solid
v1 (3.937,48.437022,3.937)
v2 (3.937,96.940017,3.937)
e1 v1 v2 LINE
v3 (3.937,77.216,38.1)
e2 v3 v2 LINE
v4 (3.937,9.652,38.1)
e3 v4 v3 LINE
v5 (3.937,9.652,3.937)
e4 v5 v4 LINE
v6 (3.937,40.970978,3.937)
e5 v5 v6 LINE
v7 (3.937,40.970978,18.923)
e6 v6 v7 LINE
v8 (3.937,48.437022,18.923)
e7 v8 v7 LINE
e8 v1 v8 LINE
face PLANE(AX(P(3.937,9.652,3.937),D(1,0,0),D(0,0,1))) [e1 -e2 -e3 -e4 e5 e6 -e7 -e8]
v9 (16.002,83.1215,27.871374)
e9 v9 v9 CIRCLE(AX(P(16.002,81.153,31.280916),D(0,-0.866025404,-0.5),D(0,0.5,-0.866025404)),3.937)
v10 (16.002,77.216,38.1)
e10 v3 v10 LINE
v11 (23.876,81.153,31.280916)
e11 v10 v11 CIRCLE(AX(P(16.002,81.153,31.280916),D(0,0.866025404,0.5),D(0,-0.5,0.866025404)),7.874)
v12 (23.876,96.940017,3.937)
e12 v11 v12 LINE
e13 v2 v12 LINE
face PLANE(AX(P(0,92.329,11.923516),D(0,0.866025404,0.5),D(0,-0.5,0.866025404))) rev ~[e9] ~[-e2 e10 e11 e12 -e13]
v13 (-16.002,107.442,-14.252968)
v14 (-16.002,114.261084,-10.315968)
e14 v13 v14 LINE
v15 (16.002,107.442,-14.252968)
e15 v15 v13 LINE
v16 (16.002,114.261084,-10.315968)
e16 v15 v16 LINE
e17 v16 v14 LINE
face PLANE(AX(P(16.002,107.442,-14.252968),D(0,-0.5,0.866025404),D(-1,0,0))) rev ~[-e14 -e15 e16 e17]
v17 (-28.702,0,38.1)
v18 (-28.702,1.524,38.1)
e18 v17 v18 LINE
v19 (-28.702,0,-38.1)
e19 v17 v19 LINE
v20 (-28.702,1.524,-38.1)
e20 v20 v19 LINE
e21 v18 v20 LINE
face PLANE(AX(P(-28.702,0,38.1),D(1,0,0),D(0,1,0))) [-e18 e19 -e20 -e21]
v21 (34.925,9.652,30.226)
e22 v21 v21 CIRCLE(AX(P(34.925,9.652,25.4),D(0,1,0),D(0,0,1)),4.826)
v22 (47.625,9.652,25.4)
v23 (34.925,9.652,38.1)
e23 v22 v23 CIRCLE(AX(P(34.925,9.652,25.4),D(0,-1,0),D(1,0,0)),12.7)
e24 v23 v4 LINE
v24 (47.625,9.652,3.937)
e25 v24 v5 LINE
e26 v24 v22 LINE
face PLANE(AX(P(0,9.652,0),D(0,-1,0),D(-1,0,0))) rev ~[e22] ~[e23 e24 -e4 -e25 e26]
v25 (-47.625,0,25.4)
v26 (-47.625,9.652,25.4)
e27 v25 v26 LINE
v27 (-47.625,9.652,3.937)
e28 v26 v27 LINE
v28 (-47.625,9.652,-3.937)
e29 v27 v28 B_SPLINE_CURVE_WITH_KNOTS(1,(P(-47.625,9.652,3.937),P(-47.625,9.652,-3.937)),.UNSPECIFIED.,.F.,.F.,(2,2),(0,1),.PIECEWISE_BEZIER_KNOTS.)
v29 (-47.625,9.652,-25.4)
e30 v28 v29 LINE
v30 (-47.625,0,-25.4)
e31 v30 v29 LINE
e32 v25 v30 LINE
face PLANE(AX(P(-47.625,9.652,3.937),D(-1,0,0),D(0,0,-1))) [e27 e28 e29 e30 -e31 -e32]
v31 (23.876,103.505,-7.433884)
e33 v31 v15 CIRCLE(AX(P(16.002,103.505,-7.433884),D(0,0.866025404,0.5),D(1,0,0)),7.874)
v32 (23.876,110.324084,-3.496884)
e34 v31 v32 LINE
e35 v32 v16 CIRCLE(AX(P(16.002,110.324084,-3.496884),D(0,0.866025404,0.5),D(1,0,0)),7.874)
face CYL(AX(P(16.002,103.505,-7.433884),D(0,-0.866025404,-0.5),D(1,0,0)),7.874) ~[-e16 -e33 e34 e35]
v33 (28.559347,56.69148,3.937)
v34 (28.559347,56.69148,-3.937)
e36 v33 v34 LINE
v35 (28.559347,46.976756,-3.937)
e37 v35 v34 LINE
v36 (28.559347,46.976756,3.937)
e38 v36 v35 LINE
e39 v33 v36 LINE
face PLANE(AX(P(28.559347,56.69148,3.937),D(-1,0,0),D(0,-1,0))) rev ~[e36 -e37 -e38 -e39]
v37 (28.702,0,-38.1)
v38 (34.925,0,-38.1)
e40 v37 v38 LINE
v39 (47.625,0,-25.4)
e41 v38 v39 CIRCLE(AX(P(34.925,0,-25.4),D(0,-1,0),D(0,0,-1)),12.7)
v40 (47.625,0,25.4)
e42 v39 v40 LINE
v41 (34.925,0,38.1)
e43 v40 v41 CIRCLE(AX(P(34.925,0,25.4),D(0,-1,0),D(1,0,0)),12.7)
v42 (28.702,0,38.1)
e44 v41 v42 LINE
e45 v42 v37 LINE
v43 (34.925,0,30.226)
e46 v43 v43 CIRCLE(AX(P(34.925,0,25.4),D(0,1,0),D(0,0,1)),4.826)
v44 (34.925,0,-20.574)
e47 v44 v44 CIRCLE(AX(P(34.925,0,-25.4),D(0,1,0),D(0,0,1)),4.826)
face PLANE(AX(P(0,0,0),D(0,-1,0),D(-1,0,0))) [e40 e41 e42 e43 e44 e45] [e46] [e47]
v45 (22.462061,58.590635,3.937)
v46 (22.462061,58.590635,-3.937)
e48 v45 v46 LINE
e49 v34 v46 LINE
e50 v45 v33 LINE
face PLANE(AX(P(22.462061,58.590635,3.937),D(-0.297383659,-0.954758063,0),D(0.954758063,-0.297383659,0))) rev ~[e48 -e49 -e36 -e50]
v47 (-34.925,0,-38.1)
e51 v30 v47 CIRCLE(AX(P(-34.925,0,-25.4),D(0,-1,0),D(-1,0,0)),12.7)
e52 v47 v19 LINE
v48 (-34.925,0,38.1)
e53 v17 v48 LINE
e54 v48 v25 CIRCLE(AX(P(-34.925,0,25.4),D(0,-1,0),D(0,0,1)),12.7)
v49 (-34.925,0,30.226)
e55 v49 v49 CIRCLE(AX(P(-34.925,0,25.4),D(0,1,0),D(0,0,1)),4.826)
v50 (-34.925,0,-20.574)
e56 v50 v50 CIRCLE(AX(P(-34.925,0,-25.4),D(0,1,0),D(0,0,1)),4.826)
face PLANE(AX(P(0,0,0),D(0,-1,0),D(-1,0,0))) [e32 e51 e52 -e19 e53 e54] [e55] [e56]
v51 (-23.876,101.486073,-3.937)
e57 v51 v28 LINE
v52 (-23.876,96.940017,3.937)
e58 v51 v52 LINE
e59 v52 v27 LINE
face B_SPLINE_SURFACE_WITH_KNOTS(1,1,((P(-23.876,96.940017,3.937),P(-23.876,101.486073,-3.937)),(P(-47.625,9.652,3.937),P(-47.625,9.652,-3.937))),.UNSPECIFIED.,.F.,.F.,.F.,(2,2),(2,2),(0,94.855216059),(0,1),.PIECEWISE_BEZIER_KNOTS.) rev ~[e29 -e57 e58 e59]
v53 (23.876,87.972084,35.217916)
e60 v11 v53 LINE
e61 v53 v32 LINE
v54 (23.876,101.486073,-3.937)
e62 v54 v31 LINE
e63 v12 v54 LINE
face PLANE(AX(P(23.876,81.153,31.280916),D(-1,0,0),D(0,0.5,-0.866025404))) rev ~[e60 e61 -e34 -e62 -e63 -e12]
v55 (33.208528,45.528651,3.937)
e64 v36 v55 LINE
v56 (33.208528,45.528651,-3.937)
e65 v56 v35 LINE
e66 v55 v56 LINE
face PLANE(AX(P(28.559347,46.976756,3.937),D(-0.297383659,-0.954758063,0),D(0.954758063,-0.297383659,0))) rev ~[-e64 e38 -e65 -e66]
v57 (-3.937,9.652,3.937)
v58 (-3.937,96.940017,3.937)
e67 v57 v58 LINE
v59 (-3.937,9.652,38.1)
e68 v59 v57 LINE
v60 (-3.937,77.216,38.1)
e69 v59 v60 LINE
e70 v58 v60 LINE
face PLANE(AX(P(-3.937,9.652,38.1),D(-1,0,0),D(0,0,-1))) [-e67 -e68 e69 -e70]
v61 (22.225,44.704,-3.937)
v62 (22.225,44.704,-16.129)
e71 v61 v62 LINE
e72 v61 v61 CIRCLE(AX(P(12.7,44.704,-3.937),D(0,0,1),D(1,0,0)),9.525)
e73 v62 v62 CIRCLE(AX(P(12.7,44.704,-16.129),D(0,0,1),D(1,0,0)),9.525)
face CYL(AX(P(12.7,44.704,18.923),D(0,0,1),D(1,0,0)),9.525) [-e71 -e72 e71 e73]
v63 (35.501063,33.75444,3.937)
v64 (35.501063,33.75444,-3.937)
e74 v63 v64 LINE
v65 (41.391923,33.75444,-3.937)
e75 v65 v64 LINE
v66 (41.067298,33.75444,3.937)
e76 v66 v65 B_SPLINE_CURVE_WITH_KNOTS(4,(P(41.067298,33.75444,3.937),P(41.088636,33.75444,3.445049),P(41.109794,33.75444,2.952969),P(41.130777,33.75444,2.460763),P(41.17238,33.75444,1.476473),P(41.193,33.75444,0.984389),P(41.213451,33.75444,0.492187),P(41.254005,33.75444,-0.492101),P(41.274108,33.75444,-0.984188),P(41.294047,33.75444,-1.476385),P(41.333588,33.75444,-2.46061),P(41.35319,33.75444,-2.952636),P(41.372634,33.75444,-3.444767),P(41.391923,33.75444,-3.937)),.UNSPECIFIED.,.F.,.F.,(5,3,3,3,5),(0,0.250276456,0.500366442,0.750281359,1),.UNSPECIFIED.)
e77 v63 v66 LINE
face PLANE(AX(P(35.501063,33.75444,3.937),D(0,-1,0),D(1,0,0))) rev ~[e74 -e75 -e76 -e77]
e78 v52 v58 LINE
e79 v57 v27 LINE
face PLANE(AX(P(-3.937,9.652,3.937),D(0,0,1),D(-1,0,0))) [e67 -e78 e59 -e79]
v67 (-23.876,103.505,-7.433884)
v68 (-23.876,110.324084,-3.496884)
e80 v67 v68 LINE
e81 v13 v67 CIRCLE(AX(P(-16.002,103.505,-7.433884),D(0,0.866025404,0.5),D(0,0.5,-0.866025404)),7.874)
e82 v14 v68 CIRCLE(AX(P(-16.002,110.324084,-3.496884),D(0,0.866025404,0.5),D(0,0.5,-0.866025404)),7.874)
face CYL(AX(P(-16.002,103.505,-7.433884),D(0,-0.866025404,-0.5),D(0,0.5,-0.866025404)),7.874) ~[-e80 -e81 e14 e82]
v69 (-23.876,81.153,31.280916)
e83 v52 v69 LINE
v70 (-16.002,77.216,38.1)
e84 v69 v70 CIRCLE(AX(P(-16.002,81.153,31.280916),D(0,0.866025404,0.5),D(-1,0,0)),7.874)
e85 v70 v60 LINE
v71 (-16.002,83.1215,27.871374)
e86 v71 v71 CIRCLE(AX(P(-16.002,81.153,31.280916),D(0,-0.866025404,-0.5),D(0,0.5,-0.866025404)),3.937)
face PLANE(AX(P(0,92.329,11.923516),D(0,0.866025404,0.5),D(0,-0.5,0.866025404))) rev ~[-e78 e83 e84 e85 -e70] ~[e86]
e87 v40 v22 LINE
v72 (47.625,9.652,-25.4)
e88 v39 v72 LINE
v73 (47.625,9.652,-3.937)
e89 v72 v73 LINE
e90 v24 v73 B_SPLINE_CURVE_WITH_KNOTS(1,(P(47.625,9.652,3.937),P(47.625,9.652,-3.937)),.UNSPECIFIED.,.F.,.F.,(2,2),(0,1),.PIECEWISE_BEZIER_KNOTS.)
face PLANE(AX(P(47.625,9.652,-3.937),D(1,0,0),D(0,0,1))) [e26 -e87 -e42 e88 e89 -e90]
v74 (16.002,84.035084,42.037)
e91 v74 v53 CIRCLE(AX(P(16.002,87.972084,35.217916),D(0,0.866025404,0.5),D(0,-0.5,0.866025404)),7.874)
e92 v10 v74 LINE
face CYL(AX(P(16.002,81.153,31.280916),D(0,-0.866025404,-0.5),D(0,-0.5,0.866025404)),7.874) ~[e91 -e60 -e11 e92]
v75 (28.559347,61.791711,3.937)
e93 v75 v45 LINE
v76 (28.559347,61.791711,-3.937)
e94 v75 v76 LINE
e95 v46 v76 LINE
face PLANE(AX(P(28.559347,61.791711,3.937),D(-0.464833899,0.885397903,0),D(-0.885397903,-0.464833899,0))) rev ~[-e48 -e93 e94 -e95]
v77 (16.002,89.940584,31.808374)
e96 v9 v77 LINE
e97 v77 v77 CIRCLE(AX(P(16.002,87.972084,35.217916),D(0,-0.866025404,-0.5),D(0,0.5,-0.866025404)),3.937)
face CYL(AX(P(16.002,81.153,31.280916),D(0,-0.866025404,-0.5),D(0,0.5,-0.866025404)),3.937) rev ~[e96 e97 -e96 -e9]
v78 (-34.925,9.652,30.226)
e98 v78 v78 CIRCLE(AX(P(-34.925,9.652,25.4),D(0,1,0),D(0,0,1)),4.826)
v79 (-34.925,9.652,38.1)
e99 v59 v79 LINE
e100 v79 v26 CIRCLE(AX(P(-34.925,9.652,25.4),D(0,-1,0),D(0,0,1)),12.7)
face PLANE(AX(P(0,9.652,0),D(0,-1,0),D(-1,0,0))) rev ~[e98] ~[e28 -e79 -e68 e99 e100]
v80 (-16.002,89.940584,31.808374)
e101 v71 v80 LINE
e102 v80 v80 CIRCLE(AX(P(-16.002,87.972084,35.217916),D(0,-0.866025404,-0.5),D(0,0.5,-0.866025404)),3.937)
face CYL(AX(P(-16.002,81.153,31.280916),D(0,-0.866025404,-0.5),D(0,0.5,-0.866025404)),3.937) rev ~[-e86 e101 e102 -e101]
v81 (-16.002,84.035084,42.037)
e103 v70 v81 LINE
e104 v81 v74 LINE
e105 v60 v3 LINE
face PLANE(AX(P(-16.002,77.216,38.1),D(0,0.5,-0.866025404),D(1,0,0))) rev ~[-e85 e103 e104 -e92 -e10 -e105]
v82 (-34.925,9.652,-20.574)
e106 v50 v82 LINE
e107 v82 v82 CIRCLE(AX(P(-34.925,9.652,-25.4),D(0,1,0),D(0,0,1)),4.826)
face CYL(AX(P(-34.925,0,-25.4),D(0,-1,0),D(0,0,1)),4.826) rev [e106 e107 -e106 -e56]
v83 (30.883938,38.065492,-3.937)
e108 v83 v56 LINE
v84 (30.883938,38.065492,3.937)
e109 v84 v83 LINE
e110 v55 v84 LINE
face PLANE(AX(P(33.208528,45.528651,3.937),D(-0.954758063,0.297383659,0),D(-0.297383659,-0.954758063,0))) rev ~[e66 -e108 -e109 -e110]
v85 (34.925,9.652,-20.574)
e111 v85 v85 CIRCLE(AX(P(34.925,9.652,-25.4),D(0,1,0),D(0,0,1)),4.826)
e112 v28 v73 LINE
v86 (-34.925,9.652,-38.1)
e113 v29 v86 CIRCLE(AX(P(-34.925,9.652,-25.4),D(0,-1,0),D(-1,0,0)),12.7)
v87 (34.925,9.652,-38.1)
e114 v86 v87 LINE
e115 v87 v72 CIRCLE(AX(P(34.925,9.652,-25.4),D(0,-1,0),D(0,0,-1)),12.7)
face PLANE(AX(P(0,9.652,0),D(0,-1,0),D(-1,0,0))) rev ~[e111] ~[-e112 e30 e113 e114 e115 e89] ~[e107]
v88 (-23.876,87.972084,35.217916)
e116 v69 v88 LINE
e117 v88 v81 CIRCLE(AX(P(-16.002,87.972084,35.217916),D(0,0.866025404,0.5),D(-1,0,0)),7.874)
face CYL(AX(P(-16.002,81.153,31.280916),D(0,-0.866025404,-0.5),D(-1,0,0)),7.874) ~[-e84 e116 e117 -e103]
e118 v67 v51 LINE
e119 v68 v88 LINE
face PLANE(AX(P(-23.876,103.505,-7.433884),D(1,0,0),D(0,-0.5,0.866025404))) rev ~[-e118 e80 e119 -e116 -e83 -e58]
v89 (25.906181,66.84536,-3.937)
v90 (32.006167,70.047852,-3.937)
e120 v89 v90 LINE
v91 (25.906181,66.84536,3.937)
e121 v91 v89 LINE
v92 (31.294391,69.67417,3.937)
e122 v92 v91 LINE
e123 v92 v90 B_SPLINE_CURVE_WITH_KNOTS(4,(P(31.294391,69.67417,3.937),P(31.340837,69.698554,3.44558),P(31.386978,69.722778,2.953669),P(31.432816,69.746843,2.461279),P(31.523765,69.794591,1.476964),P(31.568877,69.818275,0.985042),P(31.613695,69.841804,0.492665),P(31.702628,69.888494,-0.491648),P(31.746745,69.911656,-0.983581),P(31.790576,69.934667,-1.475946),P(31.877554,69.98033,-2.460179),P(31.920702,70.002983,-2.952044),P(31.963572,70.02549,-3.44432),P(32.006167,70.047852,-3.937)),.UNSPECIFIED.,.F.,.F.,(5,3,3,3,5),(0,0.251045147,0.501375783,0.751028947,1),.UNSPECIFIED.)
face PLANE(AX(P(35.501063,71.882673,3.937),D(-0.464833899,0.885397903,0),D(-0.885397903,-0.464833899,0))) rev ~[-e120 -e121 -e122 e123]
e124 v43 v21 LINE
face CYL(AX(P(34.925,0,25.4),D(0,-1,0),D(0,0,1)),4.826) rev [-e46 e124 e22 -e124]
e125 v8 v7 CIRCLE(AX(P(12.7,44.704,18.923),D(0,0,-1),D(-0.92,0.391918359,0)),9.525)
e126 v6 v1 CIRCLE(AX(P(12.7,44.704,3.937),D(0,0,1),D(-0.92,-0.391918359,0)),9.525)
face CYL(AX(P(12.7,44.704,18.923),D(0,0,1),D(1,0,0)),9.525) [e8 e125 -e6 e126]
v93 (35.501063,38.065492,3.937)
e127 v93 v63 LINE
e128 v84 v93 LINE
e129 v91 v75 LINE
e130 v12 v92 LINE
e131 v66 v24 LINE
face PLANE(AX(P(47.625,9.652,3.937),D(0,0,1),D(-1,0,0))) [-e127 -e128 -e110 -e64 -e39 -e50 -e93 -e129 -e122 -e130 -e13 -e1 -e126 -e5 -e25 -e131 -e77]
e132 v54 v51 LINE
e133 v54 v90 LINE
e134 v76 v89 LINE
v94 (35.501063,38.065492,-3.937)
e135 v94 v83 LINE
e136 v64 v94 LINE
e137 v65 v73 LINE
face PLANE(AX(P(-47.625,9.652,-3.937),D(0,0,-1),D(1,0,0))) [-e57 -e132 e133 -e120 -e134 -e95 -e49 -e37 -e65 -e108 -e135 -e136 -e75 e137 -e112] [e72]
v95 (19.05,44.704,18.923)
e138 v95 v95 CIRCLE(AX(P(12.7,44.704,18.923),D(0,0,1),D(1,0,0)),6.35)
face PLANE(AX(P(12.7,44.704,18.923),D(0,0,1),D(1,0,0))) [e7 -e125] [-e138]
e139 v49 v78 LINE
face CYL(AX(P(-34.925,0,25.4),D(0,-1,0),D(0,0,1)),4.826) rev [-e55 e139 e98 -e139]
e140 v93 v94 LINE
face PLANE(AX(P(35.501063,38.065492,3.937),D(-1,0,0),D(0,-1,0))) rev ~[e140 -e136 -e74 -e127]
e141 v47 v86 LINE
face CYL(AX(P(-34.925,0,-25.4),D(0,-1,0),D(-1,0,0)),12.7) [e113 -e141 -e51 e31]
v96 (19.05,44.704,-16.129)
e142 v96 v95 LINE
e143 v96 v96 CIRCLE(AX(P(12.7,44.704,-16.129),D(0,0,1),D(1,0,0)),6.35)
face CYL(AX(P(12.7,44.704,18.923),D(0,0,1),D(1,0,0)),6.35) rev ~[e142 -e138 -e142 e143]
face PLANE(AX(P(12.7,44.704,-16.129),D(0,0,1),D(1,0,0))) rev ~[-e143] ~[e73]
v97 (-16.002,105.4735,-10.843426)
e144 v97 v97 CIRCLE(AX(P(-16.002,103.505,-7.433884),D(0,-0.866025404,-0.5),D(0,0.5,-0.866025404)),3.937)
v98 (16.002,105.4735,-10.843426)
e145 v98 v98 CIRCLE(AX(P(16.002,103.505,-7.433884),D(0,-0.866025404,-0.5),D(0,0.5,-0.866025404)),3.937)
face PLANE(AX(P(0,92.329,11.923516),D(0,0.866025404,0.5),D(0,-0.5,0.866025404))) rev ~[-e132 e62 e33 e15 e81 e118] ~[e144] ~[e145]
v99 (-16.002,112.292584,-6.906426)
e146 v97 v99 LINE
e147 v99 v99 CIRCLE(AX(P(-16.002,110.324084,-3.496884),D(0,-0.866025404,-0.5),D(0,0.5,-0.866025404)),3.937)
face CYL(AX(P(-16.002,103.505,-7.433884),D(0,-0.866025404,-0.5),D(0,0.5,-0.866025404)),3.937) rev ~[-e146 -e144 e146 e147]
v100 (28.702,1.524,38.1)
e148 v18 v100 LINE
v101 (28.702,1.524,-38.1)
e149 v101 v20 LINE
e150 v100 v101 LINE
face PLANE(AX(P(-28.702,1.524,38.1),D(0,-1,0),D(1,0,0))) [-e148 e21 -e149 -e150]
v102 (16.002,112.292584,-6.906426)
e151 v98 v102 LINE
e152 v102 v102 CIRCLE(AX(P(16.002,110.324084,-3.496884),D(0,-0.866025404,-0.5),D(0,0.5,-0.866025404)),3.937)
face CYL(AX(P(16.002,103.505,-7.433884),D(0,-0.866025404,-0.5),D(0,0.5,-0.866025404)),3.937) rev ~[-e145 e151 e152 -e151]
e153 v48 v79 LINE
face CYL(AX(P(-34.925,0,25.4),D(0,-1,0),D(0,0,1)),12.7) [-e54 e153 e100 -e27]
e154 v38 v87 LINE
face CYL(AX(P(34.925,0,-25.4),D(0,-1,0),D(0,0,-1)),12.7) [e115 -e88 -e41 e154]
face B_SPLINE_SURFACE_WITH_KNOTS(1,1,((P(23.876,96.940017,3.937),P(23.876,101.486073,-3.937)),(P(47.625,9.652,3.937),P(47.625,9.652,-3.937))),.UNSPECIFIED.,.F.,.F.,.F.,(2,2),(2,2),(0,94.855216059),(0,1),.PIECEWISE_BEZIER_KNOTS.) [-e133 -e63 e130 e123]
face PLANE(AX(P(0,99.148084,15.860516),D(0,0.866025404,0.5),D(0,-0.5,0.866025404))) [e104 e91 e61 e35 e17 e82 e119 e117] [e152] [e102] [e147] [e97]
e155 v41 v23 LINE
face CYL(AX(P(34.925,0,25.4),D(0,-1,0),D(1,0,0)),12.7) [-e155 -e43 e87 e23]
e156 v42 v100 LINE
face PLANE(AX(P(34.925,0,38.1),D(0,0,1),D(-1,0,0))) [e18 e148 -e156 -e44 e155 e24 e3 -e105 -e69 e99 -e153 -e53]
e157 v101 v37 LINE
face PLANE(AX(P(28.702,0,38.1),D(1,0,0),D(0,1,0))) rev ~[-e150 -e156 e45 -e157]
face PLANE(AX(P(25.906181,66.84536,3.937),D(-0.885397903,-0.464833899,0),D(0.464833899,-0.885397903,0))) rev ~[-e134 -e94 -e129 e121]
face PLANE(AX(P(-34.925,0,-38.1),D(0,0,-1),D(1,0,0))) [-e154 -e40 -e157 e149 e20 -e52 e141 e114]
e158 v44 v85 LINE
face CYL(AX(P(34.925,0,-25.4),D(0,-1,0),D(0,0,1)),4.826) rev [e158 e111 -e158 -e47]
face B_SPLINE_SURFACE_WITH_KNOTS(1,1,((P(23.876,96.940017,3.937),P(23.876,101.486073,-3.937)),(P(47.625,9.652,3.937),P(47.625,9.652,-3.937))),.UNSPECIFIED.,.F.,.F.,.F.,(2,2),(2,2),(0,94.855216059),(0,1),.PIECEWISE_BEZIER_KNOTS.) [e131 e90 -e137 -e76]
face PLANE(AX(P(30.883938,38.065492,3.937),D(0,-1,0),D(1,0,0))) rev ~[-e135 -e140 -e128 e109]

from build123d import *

# Parameters (mm, degrees)
CROQUIS1_R              = 4.826
SALIENTE_EXTRUIR1_DEPTH = 9.652
CROQUIS2_W              = 57.404
CROQUIS2_H              = 1.524
CORTAR_EXTRUIR1_DEPTH   = 91.375559356
CROQUIS4_R              = 3.937
SALIENTE_EXTRUIR2_DEPTH = 7.874
SALIENTE_EXTRUIR3_REACH = 207.578
SALIENTE_EXTRUIR4_START = 14.986
CROQUIS8_R              = 9.525
CROQUIS8_R_2            = 6.35
SALIENTE_EXTRUIR4_DEPTH = 35.052
CROQUIS8_2_R            = 6.35
CORTAR_EXTRUIR2_DEPTH   = 131.731959853
CORTAR_EXTRUIR3_DEPTH   = 131.731959853


with BuildPart() as part:
    # Croquis1 → Saliente-Extruir1 (new body)
    with BuildSketch(Plane(origin=(0, 0, 0), x_dir=(1, 0, 0), z_dir=(0, 1, 0))):
        with BuildLine():
            Line((-34.925, 38.1), (34.925, 38.1))
            ThreePointArc((34.925, 38.1), (43.905256121, 34.380256121), (47.625, 25.4))
            Line((47.625, 25.4), (47.625, -25.4))
            ThreePointArc((47.625, -25.4), (43.905256121, -34.380256121), (34.925, -38.1))
            Line((34.925, -38.1), (-34.925, -38.1))
            ThreePointArc((-34.925, -38.1), (-43.905256121, -34.380256121), (-47.625, -25.4))
            Line((-47.625, -25.4), (-47.625, 25.4))
            ThreePointArc((-47.625, 25.4), (-43.905256121, 34.380256121), (-34.925, 38.1))
        make_face()
        with Locations((-34.925, 25.4)):
            Circle(CROQUIS1_R, mode=Mode.SUBTRACT)
        with Locations((34.925, 25.4)):
            Circle(CROQUIS1_R, mode=Mode.SUBTRACT)
        with Locations((-34.925, -25.4)):
            Circle(CROQUIS1_R, mode=Mode.SUBTRACT)
        with Locations((34.925, -25.4)):
            Circle(CROQUIS1_R, mode=Mode.SUBTRACT)
    extrude(amount=SALIENTE_EXTRUIR1_DEPTH)

    # Croquis2 → Cortar-Extruir1 (cut, through all)
    with BuildSketch(Plane.XY.offset(38.1)):
        with Locations((0, 0.762)):
            Rectangle(CROQUIS2_W, CROQUIS2_H)
    extrude(amount=-CORTAR_EXTRUIR1_DEPTH, mode=Mode.SUBTRACT)



with BuildPart() as body_2:
    # Croquis4 → Saliente-Extruir2 (new body)
    with BuildSketch(Plane(origin=(0, 74.409783942, 42.960508789), x_dir=(0, 0.5000000000000009, -0.866025403784438), z_dir=(0, -0.8660254037844382, -0.500000000000001))):
        with BuildLine():
            Line((58.190432116, -23.876), (13.486432116, -23.876))
            ThreePointArc((13.486432116, -23.876), (7.918673321, -21.569758795), (5.612432116, -16.002))
            Line((5.612432116, -16.002), (5.612432116, 16.002))
            ThreePointArc((5.612432116, 16.002), (7.918673321, 21.569758795), (13.486432116, 23.876))
            Line((13.486432116, 23.876), (58.190432116, 23.876))
            ThreePointArc((58.190432116, 23.876), (63.758190911, 21.569758795), (66.064432116, 16.002))
            Line((66.064432116, 16.002), (66.064432116, -16.002))
            ThreePointArc((66.064432116, -16.002), (63.758190911, -21.569758795), (58.190432116, -23.876))
        make_face()
        with Locations((58.190432116, -16.002)):
            Circle(CROQUIS4_R, mode=Mode.SUBTRACT)
        with Locations((13.486432116, 16.002)):
            Circle(CROQUIS4_R, mode=Mode.SUBTRACT)
        with Locations((13.486432116, -16.002)):
            Circle(CROQUIS4_R, mode=Mode.SUBTRACT)
        with Locations((58.190432116, 16.002)):
            Circle(CROQUIS4_R, mode=Mode.SUBTRACT)
    extrude(amount=-SALIENTE_EXTRUIR2_DEPTH)


with BuildPart() as part_1:
    add(part.part)

    add(body_2.part)  # Saliente-Extruir3 merges body 2
    # Saliente-Extruir3: up to this plane
    saliente_extruir3_end = Plane(origin=(16.002, 103.505, -7.43388368), z_dir=(0, -0.866025403784438, -0.5000000000000009))
    # Croquis5 → Saliente-Extruir3 (add, up to the surface)
    with BuildSketch(Plane(origin=(0, 9.652, 0), x_dir=(1, 0, 0), z_dir=(0, 1, 0)), mode=Mode.PRIVATE) as saliente_extruir3_sk1:
        Polygon((-47.625, 3.937), (47.625, 3.937), (47.625, -3.937), (3.937, -3.937), (3.937, -38.1), (-3.937, -38.1), (-3.937, -3.937), (-47.625, -3.937), align=None)
    saliente_extruir3_tool1 = split(extrude(saliente_extruir3_sk1.sketch, amount=SALIENTE_EXTRUIR3_REACH, mode=Mode.PRIVATE), bisect_by=saliente_extruir3_end, keep=Keep.BOTH, mode=Mode.PRIVATE)
    add(saliente_extruir3_tool1.solids().sort_by_distance((0, 9.652, 5.548554))[0])

    # Croquis6 → Cortar-Recubrir2 section 0
    with BuildSketch(Plane.XY.offset(3.937)):
        with BuildLine():
            Line((23.876, 96.940017246), (47.625, 9.652))
            Line((47.625, 9.652), (47.625, 96.940017246))
            Line((47.625, 96.940017246), (23.876, 96.940017246))
        make_face()
    # Croquis7 → Cortar-Recubrir2 section 1
    with BuildSketch(Plane(origin=(0, 0, -3.937), x_dir=(-1, 0, 0), z_dir=(0, 0, -1))):
        with BuildLine():
            Line((-23.876, 101.486073266), (-47.625, 9.652))
            Line((-47.625, 9.652), (-47.625, 101.486073266))
            Line((-47.625, 101.486073266), (-23.876, 101.486073266))
        make_face()
    cortar_recubrir2 = loft(mode=Mode.SUBTRACT)

    # Simetría1: Cortar-Recubrir2 across plane
    add(cortar_recubrir2.mirror(Plane(origin=(0, 0, 0), x_dir=(0, 0, 1), z_dir=(1, 0, 0))), mode=Mode.SUBTRACT)

    # Croquis8 → Saliente-Extruir4 (add)
    with BuildSketch(Plane.XY.offset(3.937).offset(SALIENTE_EXTRUIR4_START)):
        with Locations((12.7, 44.704)):
            Circle(CROQUIS8_R)
        with Locations((12.7, 44.704)):
            Circle(CROQUIS8_R_2, mode=Mode.SUBTRACT)
    extrude(amount=-SALIENTE_EXTRUIR4_DEPTH)

    # Croquis8<2> → Cortar-Extruir2 (cut, through all)
    with BuildSketch(Plane.XY.offset(3.937)):
        with Locations((12.7, 44.704)):
            Circle(CROQUIS8_2_R)
    extrude(amount=-CORTAR_EXTRUIR2_DEPTH, mode=Mode.SUBTRACT)

    # Croquis9 → Cortar-Extruir3 (cut, through all)
    with BuildSketch(Plane.XY.offset(3.937)):
        Polygon((35.501063323, 71.882673058), (25.906181344, 66.845360019), (28.559347202, 61.791710765), (22.462060614, 58.590635306), (28.559347202, 56.691480467), (28.559347202, 46.97675609), (33.208528226, 45.528650525), (30.883937714, 38.065491513), (35.501063323, 38.065491513), (35.501063323, 33.754439669), (44.724683108, 33.754439669), align=None)
    extrude(amount=-CORTAR_EXTRUIR3_DEPTH, mode=Mode.SUBTRACT)


solid = part_1.part
